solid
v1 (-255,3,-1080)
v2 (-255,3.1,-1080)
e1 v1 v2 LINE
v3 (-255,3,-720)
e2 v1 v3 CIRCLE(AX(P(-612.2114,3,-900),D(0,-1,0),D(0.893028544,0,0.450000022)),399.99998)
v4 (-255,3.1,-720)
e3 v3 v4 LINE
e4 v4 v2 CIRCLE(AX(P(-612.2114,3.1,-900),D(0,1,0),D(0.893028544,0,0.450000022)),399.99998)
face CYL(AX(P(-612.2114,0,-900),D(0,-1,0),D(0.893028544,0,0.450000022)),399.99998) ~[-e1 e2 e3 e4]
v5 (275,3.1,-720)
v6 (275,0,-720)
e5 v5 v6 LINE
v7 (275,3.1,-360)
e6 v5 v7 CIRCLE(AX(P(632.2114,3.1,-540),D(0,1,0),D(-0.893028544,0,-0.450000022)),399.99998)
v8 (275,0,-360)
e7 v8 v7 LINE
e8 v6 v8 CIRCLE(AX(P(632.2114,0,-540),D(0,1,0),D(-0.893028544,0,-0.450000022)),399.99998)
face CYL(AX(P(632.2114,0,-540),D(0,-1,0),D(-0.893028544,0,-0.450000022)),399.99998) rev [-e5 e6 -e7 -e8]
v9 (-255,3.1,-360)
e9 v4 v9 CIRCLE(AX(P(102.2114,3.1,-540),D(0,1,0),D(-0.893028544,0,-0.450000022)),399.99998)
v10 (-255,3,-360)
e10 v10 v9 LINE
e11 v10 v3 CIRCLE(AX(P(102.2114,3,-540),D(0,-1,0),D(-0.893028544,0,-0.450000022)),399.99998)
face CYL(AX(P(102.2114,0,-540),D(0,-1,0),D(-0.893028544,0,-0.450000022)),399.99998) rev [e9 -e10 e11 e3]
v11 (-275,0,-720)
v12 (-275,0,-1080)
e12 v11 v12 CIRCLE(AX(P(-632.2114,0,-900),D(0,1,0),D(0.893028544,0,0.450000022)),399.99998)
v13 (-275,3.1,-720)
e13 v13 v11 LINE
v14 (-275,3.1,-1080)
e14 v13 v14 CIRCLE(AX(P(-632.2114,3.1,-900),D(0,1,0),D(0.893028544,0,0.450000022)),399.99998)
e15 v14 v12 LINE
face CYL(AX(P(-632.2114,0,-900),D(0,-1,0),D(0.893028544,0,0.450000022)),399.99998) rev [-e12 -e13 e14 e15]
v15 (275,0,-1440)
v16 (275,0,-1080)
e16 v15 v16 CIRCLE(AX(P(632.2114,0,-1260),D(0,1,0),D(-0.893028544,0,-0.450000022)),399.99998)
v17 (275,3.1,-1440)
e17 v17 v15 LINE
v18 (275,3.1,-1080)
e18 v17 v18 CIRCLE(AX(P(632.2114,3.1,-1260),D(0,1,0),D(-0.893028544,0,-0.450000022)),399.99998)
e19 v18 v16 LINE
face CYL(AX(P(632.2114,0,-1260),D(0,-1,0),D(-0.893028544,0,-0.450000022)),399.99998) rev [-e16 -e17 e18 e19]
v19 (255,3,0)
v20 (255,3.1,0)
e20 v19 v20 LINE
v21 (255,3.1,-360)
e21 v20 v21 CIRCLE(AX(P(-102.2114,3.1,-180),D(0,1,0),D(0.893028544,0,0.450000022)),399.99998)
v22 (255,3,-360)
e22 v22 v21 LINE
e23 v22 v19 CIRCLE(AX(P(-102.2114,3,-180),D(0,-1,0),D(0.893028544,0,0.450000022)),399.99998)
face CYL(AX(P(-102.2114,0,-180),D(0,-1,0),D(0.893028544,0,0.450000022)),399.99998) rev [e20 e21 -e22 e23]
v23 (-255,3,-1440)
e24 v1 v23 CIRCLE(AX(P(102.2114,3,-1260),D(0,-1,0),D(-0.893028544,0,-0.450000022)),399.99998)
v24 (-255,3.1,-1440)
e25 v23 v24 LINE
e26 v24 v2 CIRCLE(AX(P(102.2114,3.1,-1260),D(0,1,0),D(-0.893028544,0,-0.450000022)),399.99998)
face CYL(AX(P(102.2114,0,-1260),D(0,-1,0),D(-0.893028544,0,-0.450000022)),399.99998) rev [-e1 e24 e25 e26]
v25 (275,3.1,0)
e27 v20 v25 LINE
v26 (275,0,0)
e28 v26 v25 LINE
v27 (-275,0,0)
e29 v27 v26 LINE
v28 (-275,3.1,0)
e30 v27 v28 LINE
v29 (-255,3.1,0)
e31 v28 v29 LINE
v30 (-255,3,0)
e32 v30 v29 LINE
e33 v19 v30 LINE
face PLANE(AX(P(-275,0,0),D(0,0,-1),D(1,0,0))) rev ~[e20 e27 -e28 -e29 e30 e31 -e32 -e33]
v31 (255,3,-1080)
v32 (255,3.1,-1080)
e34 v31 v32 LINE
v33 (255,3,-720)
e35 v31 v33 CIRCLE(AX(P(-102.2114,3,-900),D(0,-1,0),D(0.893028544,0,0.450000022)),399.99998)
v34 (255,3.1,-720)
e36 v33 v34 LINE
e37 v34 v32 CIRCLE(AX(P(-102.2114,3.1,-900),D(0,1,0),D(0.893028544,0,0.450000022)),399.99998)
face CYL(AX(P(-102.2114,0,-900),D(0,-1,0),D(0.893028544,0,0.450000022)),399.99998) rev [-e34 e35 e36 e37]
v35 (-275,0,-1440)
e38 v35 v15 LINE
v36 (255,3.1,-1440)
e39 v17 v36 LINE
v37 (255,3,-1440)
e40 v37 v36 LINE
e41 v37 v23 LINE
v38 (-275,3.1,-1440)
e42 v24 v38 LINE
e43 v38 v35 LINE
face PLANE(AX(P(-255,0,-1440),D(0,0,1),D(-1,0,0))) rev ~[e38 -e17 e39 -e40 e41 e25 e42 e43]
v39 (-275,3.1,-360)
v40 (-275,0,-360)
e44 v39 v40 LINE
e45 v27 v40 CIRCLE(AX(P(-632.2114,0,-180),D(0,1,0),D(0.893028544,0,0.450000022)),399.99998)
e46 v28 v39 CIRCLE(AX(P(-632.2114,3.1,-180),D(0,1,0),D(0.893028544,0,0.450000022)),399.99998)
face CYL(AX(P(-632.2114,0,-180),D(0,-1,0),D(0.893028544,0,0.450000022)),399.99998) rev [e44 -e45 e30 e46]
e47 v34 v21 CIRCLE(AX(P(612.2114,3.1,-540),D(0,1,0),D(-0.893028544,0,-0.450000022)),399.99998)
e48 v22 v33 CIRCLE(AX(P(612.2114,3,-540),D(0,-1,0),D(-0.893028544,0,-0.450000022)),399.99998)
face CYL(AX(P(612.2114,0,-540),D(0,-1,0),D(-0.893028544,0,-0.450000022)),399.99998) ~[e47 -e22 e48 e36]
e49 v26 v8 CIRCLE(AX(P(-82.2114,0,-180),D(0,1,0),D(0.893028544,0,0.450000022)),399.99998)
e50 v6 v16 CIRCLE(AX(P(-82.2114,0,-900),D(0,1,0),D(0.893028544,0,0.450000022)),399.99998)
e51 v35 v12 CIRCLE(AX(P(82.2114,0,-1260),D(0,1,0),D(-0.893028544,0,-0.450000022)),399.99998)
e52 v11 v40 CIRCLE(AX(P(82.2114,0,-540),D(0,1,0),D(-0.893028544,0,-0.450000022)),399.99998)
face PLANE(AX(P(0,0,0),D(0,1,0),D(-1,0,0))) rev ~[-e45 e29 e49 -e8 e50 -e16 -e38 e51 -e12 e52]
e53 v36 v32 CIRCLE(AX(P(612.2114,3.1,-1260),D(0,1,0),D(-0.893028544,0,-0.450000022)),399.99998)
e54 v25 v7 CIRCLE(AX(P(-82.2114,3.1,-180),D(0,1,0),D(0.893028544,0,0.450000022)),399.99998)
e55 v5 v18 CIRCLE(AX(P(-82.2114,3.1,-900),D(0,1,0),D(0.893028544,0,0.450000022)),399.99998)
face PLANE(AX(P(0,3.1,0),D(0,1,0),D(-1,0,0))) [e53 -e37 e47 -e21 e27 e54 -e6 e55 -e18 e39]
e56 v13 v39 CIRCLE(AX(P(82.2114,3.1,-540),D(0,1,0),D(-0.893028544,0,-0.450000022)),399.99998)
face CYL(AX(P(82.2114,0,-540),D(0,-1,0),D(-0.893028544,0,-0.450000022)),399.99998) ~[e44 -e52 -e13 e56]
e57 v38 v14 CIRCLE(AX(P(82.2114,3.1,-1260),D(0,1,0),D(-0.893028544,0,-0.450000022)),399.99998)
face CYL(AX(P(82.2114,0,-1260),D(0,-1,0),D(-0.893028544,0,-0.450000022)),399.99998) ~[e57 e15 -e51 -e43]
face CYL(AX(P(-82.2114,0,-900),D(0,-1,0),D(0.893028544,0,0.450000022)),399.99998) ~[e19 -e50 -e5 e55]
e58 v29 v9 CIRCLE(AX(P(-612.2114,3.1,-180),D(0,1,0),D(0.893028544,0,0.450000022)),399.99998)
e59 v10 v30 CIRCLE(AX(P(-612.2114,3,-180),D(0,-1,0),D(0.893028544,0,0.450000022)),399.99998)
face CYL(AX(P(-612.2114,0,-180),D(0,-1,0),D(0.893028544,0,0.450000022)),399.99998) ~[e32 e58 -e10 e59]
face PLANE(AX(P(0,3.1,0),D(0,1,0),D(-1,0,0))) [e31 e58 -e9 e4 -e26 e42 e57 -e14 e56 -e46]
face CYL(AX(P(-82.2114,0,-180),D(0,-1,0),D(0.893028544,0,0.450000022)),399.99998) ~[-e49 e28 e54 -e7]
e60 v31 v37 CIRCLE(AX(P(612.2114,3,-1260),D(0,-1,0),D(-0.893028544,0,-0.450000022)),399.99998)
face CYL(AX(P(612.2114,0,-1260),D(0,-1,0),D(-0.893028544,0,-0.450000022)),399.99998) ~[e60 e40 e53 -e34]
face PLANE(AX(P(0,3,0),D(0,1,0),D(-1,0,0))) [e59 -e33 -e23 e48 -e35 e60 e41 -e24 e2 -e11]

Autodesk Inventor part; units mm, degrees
ref_plane "YZ Plane" through (0, 0, 0) normal (1, 0, 0) x (0, 1, 0)
ref_plane "XZ Plane" through (0, 0, 0) normal (0, 1, 0) x (-1, 0, 0)
ref_plane "XY Plane" through (0, 0, 0) normal (0, 0, 1) x (1, 0, 0)
sketch "Sketch1" plane through (0, 0, 0) normal (0, 1, 0) x (-1, 0, 0)
  line L0 (275, 0) -> (-275, 0)
  arc A0 (-275, 0) -> (-275, -360) centre (82.2114, -180) ccw
  arc A1 (-275, -720) -> (-275, -360) centre (-632.2114, -540) ccw
  arc A2 (-275, -720) -> (-275, -1080) centre (82.2114, -900) ccw
  arc A3 (-275, -1440) -> (-275, -1080) centre (-632.2114, -1260) ccw
  line L1 (-275, -1440) -> (275, -1440)
  line L2 (0, 0) -> (0, -1440) construction
  arc A4 (275, 0) -> (275, -360) centre (632.2114, -180) ccw
  arc A5 (275, -720) -> (275, -360) centre (-82.2114, -540) ccw
  arc A6 (275, -720) -> (275, -1080) centre (632.2114, -900) ccw
  arc A7 (275, -1440) -> (275, -1080) centre (-82.2114, -1260) ccw
  arc A8 (255, 0) -> (255, -360) centre (612.2114, -180) ccw
  arc A9 (255, -720) -> (255, -360) centre (-102.2114, -540) ccw
  arc A10 (255, -720) -> (255, -1080) centre (612.2114, -900) ccw
  arc A11 (255, -1440) -> (255, -1080) centre (-102.2114, -1260) ccw
  arc A12 (-255, 0) -> (-255, -360) centre (102.2114, -180) ccw
  arc A13 (-255, -720) -> (-255, -360) centre (-612.2114, -540) ccw
  arc A14 (-255, -720) -> (-255, -1080) centre (102.2114, -900) ccw
  arc A15 (-255, -1440) -> (-255, -1080) centre (-612.2114, -1260) ccw
  point P0 (255, 0)
  point P1 (-255, 0)
  dimension "d10" = 550
  dimension "d11" = 360
  dimension "d12" = 550
  dimension "d13" = 360
  dimension "d14" = 360
  dimension "d15" = 360
  dimension "d16" = 400
  dimension "d26" = 20
  dimension "d27" = 20
extrude "Extrusion1" add sketch "Sketch1" along normal blind 3
extrude "Extrusion2" add sketch "Sketch1" along normal blind 3.1 contours A4 A5 A6 A7 L1 A11 A10 A9 A8 L0 | A12 A13 A14 A15 L1 A3 A2 A1 A0 L0
equation "\"d10\" = track_width"
equation "\"d12\" = d10"
equation "\"d13\" = d11"
equation "\"d14\" = d11"
equation "\"d15\" = d11"
equation "\"d26\" = d27"
equation "\"d27\" = curb_width"
equation "\"d22\" = track_height"
equation "\"d28\" = track_height + curb_height"
equation "\"track_width\" = 550"
equation "\"curb_width\" = 20"
equation "\"track_height\" = 3"
equation "\"curb_height\" = 0.1"
properties part number "chicane"
